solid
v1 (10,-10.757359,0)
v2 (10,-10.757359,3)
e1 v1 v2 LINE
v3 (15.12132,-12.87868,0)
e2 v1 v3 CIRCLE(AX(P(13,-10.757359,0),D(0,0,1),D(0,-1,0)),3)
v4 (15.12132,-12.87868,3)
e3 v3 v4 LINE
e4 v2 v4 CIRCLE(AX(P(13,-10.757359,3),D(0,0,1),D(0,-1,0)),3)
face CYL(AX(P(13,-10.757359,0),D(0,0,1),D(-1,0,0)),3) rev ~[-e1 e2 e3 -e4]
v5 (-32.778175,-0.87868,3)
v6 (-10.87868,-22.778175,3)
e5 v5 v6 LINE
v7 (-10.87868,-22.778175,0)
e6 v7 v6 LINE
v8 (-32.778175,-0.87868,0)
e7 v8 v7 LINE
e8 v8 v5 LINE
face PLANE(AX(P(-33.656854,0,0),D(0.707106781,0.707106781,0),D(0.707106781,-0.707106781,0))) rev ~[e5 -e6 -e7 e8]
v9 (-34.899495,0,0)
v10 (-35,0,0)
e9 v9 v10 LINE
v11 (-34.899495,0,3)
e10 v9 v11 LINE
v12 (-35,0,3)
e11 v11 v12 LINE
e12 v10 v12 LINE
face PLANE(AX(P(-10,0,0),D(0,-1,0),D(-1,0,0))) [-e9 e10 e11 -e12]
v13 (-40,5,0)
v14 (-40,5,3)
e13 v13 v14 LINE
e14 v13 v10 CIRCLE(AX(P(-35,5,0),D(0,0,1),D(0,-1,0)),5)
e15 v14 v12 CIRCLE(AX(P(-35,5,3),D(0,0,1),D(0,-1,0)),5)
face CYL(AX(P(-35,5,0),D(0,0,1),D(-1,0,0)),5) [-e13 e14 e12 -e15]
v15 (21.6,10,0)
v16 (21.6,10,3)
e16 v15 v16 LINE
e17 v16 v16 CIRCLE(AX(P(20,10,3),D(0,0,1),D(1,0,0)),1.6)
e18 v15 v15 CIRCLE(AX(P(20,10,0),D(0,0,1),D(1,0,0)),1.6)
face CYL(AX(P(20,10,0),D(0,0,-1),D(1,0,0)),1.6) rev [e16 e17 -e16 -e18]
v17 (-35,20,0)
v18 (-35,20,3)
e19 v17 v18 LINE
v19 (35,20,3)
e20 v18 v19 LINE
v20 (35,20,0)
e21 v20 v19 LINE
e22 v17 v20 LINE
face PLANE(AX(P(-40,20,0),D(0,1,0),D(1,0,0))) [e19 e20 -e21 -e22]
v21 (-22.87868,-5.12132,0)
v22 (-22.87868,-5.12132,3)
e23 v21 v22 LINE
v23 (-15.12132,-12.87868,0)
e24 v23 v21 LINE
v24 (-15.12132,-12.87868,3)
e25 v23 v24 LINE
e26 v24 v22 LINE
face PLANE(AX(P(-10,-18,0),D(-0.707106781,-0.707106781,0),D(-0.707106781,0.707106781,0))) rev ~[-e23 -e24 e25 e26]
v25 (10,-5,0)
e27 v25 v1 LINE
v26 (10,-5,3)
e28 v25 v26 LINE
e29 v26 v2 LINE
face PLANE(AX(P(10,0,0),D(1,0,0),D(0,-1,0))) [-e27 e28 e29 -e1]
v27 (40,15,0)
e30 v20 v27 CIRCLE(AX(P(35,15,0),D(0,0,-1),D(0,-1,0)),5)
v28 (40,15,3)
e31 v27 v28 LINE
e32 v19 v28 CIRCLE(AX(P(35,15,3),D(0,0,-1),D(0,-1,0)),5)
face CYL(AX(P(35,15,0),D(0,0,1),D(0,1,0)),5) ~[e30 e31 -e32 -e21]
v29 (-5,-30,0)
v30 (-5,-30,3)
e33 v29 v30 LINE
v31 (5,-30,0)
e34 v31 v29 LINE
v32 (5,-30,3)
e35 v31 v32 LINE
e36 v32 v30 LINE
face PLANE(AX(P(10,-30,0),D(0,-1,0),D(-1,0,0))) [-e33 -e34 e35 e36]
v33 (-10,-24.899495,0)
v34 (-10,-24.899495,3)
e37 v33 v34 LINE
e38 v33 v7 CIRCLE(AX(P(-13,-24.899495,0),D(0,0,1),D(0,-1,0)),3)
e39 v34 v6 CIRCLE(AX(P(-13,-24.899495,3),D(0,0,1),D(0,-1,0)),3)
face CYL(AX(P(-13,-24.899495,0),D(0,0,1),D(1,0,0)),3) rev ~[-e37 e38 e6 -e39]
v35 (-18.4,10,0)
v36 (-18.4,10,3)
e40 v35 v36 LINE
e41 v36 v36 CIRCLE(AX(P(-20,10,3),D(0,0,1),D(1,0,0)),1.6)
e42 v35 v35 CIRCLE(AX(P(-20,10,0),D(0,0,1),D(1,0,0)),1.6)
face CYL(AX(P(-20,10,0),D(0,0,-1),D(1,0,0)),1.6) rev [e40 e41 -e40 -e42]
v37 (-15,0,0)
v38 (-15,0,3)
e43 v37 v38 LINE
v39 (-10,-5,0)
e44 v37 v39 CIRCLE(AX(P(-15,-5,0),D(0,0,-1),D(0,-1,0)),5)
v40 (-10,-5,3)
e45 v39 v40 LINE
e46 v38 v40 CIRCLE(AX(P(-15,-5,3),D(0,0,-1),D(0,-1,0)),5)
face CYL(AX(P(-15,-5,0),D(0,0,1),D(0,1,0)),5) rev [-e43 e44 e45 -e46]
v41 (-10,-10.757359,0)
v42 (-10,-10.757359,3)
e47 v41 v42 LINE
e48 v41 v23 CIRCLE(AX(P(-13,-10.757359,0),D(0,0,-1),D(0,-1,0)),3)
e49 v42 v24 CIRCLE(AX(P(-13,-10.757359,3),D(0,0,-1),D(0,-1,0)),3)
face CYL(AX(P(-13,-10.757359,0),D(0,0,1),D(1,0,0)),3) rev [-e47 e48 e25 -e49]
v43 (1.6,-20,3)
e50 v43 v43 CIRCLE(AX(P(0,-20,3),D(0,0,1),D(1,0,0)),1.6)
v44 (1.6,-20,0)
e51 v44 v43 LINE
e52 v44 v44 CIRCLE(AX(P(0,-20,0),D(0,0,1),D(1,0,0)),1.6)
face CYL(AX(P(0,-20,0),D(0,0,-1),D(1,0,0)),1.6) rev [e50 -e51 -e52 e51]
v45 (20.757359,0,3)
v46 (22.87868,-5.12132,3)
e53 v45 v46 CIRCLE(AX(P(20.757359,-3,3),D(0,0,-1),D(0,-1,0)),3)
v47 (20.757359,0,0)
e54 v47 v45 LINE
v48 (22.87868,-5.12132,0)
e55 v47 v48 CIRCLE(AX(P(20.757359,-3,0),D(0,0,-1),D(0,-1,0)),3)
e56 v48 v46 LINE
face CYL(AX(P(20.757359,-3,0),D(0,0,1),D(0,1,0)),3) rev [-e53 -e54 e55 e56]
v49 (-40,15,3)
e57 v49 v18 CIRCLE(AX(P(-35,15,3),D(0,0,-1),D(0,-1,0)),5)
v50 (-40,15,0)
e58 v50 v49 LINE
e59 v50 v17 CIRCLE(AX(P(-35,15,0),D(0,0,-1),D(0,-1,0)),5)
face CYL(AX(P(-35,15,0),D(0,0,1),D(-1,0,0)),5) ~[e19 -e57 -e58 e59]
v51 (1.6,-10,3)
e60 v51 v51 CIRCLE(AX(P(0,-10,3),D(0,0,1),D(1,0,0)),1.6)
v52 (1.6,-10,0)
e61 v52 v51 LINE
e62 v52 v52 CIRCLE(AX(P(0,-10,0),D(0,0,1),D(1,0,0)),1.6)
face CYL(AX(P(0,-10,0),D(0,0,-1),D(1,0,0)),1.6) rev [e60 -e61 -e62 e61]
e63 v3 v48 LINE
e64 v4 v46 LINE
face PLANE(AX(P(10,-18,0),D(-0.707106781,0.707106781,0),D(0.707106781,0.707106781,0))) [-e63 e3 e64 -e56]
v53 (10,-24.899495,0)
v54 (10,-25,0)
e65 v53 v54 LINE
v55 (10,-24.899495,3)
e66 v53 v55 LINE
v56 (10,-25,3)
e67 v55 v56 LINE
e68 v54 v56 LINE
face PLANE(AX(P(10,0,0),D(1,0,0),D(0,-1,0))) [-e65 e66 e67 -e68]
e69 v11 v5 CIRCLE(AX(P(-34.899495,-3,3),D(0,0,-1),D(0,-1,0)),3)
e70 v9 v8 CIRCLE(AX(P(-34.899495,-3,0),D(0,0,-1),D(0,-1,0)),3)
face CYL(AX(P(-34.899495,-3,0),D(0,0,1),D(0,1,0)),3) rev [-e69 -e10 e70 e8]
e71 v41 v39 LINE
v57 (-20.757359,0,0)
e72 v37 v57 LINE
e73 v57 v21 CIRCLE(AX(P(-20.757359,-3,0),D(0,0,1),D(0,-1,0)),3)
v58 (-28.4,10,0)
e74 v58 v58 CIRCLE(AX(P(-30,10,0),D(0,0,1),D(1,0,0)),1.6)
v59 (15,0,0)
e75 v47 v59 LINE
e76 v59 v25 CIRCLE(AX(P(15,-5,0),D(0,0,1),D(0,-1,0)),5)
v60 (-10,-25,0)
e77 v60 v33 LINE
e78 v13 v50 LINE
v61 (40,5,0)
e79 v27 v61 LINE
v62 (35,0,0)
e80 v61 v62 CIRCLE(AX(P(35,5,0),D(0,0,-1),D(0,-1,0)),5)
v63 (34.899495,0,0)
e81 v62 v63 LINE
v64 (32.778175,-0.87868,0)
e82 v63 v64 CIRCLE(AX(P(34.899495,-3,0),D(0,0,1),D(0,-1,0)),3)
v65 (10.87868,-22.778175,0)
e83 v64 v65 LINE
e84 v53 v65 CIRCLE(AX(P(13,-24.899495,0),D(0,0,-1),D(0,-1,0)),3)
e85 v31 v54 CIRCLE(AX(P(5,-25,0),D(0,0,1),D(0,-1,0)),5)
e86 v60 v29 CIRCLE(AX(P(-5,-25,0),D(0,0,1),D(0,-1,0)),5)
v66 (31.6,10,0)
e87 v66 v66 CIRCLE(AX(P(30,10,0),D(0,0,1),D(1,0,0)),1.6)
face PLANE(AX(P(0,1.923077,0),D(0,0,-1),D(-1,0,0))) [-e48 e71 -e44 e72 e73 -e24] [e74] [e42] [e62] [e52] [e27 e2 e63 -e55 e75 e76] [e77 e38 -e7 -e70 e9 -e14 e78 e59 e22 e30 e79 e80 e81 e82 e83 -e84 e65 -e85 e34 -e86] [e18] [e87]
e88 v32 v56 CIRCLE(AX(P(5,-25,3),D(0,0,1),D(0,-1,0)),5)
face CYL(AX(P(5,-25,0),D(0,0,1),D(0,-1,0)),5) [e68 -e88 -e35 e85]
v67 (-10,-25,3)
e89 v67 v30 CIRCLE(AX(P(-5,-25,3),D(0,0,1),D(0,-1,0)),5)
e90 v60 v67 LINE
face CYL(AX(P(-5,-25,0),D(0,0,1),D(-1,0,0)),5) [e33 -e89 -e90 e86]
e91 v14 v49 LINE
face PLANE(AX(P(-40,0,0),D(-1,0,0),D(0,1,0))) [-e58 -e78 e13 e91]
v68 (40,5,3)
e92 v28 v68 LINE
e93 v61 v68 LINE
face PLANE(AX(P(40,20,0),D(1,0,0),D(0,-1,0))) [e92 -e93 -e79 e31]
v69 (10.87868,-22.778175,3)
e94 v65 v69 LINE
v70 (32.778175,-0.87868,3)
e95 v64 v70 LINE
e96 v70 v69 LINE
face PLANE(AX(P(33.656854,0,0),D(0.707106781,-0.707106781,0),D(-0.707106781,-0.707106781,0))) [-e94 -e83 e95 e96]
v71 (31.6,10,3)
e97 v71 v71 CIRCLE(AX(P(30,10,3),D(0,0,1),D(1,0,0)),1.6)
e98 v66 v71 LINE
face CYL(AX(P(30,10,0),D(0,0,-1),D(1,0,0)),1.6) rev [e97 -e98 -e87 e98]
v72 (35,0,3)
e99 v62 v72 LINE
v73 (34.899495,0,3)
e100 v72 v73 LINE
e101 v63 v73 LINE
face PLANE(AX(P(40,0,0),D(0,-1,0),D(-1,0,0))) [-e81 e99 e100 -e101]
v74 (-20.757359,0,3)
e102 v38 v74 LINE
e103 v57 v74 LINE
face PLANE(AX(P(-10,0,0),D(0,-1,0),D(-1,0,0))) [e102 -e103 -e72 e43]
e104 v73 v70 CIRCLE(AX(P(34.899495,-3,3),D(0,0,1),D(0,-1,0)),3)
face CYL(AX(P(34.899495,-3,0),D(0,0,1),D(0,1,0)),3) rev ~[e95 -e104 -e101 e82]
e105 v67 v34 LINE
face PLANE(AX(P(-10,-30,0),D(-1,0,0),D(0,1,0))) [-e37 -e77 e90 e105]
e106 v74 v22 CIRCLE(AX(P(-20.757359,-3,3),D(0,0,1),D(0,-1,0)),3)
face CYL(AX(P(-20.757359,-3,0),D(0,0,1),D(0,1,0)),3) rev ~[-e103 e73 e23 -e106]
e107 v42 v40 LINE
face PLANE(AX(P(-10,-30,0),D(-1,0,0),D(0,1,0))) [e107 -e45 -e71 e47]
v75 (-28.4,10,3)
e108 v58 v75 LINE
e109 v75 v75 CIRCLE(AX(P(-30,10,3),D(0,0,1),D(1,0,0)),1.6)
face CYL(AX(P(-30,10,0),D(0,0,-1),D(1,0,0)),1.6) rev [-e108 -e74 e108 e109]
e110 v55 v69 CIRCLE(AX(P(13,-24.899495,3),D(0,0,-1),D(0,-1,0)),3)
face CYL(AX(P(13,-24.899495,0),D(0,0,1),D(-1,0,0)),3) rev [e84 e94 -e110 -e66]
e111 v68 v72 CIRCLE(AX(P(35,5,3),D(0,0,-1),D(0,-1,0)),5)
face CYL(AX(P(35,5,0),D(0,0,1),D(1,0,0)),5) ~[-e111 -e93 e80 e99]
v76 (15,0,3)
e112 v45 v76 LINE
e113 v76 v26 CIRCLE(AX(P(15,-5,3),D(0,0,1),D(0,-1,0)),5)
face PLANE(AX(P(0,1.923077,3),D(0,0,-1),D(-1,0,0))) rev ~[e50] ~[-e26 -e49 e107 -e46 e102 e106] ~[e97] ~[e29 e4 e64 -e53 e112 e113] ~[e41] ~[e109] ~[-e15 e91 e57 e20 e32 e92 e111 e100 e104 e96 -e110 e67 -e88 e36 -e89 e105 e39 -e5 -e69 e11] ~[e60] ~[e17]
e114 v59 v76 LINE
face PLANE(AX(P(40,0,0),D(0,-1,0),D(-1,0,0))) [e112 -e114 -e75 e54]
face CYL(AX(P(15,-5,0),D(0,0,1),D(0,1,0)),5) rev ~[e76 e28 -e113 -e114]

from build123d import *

# Parameters (mm, degrees)
SKETCH_1_R      = 1.6
EXTRUDE_1_DEPTH = 3
FILLET_1_R      = 5
EXTRUDE_2_DEPTH = 3
FILLET_2_R      = 3


with BuildPart() as part:
    # 草图1 → 凸台-拉伸1 (new body)
    with BuildSketch(Plane.XY):
        Polygon((-40, 0), (-40, 20), (40, 20), (40, 0), (10, 0), (10, -30), (-10, -30), (-10, 0), align=None)
        with Locations((-30, 10)):
            Circle(SKETCH_1_R, mode=Mode.SUBTRACT)
        with Locations((-20, 10)):
            Circle(SKETCH_1_R, mode=Mode.SUBTRACT)
        with Locations((0, -10)):
            Circle(SKETCH_1_R, mode=Mode.SUBTRACT)
        with Locations((0, -20)):
            Circle(SKETCH_1_R, mode=Mode.SUBTRACT)
        with Locations((20, 10)):
            Circle(SKETCH_1_R, mode=Mode.SUBTRACT)
        with Locations((30, 10)):
            Circle(SKETCH_1_R, mode=Mode.SUBTRACT)
    extrude(amount=EXTRUDE_1_DEPTH)

    # 圆角1
    fillet_1_edges = [part.edges().sort_by_distance(p)[0] for p in [
        (-40, 0, 1.5),
        (-40, 20, 1.5),
        (40, 20, 1.5),
        (40, 0, 1.5),
        (10, 0, 1.5),
        (10, -30, 1.5),
        (-10, -30, 1.5),
        (-10, 0, 1.5),
    ]]
    fillet(fillet_1_edges, radius=FILLET_1_R)

    # 草图2 → 凸台-拉伸2 (add)
    with BuildSketch(Plane(origin=(0, 0, 0), x_dir=(-1, 0, 0), z_dir=(0, 0, -1))):
        Polygon((-33.656854249, 0), (-10, -23.656854249), (-10, -18), (-28, 0), align=None)
        Polygon((10, -18), (28, 0), (33.656854249, 0), (10, -23.656854249), align=None)
    extrude(amount=-EXTRUDE_2_DEPTH)

    # 圆角2
    fillet_2_edges = [part.edges().sort_by_distance(p)[0] for p in [
        (33.656854249, 0, 1.5),
        (28, 0, 1.5),
        (10, -18, 1.5),
        (10, -23.656854249, 1.5),
        (-10, -23.656854249, 1.5),
        (-10, -18, 1.5),
        (-28, 0, 1.5),
        (-33.656854249, 0, 1.5),
    ]]
    fillet(fillet_2_edges, radius=FILLET_2_R)


solid = part.part
